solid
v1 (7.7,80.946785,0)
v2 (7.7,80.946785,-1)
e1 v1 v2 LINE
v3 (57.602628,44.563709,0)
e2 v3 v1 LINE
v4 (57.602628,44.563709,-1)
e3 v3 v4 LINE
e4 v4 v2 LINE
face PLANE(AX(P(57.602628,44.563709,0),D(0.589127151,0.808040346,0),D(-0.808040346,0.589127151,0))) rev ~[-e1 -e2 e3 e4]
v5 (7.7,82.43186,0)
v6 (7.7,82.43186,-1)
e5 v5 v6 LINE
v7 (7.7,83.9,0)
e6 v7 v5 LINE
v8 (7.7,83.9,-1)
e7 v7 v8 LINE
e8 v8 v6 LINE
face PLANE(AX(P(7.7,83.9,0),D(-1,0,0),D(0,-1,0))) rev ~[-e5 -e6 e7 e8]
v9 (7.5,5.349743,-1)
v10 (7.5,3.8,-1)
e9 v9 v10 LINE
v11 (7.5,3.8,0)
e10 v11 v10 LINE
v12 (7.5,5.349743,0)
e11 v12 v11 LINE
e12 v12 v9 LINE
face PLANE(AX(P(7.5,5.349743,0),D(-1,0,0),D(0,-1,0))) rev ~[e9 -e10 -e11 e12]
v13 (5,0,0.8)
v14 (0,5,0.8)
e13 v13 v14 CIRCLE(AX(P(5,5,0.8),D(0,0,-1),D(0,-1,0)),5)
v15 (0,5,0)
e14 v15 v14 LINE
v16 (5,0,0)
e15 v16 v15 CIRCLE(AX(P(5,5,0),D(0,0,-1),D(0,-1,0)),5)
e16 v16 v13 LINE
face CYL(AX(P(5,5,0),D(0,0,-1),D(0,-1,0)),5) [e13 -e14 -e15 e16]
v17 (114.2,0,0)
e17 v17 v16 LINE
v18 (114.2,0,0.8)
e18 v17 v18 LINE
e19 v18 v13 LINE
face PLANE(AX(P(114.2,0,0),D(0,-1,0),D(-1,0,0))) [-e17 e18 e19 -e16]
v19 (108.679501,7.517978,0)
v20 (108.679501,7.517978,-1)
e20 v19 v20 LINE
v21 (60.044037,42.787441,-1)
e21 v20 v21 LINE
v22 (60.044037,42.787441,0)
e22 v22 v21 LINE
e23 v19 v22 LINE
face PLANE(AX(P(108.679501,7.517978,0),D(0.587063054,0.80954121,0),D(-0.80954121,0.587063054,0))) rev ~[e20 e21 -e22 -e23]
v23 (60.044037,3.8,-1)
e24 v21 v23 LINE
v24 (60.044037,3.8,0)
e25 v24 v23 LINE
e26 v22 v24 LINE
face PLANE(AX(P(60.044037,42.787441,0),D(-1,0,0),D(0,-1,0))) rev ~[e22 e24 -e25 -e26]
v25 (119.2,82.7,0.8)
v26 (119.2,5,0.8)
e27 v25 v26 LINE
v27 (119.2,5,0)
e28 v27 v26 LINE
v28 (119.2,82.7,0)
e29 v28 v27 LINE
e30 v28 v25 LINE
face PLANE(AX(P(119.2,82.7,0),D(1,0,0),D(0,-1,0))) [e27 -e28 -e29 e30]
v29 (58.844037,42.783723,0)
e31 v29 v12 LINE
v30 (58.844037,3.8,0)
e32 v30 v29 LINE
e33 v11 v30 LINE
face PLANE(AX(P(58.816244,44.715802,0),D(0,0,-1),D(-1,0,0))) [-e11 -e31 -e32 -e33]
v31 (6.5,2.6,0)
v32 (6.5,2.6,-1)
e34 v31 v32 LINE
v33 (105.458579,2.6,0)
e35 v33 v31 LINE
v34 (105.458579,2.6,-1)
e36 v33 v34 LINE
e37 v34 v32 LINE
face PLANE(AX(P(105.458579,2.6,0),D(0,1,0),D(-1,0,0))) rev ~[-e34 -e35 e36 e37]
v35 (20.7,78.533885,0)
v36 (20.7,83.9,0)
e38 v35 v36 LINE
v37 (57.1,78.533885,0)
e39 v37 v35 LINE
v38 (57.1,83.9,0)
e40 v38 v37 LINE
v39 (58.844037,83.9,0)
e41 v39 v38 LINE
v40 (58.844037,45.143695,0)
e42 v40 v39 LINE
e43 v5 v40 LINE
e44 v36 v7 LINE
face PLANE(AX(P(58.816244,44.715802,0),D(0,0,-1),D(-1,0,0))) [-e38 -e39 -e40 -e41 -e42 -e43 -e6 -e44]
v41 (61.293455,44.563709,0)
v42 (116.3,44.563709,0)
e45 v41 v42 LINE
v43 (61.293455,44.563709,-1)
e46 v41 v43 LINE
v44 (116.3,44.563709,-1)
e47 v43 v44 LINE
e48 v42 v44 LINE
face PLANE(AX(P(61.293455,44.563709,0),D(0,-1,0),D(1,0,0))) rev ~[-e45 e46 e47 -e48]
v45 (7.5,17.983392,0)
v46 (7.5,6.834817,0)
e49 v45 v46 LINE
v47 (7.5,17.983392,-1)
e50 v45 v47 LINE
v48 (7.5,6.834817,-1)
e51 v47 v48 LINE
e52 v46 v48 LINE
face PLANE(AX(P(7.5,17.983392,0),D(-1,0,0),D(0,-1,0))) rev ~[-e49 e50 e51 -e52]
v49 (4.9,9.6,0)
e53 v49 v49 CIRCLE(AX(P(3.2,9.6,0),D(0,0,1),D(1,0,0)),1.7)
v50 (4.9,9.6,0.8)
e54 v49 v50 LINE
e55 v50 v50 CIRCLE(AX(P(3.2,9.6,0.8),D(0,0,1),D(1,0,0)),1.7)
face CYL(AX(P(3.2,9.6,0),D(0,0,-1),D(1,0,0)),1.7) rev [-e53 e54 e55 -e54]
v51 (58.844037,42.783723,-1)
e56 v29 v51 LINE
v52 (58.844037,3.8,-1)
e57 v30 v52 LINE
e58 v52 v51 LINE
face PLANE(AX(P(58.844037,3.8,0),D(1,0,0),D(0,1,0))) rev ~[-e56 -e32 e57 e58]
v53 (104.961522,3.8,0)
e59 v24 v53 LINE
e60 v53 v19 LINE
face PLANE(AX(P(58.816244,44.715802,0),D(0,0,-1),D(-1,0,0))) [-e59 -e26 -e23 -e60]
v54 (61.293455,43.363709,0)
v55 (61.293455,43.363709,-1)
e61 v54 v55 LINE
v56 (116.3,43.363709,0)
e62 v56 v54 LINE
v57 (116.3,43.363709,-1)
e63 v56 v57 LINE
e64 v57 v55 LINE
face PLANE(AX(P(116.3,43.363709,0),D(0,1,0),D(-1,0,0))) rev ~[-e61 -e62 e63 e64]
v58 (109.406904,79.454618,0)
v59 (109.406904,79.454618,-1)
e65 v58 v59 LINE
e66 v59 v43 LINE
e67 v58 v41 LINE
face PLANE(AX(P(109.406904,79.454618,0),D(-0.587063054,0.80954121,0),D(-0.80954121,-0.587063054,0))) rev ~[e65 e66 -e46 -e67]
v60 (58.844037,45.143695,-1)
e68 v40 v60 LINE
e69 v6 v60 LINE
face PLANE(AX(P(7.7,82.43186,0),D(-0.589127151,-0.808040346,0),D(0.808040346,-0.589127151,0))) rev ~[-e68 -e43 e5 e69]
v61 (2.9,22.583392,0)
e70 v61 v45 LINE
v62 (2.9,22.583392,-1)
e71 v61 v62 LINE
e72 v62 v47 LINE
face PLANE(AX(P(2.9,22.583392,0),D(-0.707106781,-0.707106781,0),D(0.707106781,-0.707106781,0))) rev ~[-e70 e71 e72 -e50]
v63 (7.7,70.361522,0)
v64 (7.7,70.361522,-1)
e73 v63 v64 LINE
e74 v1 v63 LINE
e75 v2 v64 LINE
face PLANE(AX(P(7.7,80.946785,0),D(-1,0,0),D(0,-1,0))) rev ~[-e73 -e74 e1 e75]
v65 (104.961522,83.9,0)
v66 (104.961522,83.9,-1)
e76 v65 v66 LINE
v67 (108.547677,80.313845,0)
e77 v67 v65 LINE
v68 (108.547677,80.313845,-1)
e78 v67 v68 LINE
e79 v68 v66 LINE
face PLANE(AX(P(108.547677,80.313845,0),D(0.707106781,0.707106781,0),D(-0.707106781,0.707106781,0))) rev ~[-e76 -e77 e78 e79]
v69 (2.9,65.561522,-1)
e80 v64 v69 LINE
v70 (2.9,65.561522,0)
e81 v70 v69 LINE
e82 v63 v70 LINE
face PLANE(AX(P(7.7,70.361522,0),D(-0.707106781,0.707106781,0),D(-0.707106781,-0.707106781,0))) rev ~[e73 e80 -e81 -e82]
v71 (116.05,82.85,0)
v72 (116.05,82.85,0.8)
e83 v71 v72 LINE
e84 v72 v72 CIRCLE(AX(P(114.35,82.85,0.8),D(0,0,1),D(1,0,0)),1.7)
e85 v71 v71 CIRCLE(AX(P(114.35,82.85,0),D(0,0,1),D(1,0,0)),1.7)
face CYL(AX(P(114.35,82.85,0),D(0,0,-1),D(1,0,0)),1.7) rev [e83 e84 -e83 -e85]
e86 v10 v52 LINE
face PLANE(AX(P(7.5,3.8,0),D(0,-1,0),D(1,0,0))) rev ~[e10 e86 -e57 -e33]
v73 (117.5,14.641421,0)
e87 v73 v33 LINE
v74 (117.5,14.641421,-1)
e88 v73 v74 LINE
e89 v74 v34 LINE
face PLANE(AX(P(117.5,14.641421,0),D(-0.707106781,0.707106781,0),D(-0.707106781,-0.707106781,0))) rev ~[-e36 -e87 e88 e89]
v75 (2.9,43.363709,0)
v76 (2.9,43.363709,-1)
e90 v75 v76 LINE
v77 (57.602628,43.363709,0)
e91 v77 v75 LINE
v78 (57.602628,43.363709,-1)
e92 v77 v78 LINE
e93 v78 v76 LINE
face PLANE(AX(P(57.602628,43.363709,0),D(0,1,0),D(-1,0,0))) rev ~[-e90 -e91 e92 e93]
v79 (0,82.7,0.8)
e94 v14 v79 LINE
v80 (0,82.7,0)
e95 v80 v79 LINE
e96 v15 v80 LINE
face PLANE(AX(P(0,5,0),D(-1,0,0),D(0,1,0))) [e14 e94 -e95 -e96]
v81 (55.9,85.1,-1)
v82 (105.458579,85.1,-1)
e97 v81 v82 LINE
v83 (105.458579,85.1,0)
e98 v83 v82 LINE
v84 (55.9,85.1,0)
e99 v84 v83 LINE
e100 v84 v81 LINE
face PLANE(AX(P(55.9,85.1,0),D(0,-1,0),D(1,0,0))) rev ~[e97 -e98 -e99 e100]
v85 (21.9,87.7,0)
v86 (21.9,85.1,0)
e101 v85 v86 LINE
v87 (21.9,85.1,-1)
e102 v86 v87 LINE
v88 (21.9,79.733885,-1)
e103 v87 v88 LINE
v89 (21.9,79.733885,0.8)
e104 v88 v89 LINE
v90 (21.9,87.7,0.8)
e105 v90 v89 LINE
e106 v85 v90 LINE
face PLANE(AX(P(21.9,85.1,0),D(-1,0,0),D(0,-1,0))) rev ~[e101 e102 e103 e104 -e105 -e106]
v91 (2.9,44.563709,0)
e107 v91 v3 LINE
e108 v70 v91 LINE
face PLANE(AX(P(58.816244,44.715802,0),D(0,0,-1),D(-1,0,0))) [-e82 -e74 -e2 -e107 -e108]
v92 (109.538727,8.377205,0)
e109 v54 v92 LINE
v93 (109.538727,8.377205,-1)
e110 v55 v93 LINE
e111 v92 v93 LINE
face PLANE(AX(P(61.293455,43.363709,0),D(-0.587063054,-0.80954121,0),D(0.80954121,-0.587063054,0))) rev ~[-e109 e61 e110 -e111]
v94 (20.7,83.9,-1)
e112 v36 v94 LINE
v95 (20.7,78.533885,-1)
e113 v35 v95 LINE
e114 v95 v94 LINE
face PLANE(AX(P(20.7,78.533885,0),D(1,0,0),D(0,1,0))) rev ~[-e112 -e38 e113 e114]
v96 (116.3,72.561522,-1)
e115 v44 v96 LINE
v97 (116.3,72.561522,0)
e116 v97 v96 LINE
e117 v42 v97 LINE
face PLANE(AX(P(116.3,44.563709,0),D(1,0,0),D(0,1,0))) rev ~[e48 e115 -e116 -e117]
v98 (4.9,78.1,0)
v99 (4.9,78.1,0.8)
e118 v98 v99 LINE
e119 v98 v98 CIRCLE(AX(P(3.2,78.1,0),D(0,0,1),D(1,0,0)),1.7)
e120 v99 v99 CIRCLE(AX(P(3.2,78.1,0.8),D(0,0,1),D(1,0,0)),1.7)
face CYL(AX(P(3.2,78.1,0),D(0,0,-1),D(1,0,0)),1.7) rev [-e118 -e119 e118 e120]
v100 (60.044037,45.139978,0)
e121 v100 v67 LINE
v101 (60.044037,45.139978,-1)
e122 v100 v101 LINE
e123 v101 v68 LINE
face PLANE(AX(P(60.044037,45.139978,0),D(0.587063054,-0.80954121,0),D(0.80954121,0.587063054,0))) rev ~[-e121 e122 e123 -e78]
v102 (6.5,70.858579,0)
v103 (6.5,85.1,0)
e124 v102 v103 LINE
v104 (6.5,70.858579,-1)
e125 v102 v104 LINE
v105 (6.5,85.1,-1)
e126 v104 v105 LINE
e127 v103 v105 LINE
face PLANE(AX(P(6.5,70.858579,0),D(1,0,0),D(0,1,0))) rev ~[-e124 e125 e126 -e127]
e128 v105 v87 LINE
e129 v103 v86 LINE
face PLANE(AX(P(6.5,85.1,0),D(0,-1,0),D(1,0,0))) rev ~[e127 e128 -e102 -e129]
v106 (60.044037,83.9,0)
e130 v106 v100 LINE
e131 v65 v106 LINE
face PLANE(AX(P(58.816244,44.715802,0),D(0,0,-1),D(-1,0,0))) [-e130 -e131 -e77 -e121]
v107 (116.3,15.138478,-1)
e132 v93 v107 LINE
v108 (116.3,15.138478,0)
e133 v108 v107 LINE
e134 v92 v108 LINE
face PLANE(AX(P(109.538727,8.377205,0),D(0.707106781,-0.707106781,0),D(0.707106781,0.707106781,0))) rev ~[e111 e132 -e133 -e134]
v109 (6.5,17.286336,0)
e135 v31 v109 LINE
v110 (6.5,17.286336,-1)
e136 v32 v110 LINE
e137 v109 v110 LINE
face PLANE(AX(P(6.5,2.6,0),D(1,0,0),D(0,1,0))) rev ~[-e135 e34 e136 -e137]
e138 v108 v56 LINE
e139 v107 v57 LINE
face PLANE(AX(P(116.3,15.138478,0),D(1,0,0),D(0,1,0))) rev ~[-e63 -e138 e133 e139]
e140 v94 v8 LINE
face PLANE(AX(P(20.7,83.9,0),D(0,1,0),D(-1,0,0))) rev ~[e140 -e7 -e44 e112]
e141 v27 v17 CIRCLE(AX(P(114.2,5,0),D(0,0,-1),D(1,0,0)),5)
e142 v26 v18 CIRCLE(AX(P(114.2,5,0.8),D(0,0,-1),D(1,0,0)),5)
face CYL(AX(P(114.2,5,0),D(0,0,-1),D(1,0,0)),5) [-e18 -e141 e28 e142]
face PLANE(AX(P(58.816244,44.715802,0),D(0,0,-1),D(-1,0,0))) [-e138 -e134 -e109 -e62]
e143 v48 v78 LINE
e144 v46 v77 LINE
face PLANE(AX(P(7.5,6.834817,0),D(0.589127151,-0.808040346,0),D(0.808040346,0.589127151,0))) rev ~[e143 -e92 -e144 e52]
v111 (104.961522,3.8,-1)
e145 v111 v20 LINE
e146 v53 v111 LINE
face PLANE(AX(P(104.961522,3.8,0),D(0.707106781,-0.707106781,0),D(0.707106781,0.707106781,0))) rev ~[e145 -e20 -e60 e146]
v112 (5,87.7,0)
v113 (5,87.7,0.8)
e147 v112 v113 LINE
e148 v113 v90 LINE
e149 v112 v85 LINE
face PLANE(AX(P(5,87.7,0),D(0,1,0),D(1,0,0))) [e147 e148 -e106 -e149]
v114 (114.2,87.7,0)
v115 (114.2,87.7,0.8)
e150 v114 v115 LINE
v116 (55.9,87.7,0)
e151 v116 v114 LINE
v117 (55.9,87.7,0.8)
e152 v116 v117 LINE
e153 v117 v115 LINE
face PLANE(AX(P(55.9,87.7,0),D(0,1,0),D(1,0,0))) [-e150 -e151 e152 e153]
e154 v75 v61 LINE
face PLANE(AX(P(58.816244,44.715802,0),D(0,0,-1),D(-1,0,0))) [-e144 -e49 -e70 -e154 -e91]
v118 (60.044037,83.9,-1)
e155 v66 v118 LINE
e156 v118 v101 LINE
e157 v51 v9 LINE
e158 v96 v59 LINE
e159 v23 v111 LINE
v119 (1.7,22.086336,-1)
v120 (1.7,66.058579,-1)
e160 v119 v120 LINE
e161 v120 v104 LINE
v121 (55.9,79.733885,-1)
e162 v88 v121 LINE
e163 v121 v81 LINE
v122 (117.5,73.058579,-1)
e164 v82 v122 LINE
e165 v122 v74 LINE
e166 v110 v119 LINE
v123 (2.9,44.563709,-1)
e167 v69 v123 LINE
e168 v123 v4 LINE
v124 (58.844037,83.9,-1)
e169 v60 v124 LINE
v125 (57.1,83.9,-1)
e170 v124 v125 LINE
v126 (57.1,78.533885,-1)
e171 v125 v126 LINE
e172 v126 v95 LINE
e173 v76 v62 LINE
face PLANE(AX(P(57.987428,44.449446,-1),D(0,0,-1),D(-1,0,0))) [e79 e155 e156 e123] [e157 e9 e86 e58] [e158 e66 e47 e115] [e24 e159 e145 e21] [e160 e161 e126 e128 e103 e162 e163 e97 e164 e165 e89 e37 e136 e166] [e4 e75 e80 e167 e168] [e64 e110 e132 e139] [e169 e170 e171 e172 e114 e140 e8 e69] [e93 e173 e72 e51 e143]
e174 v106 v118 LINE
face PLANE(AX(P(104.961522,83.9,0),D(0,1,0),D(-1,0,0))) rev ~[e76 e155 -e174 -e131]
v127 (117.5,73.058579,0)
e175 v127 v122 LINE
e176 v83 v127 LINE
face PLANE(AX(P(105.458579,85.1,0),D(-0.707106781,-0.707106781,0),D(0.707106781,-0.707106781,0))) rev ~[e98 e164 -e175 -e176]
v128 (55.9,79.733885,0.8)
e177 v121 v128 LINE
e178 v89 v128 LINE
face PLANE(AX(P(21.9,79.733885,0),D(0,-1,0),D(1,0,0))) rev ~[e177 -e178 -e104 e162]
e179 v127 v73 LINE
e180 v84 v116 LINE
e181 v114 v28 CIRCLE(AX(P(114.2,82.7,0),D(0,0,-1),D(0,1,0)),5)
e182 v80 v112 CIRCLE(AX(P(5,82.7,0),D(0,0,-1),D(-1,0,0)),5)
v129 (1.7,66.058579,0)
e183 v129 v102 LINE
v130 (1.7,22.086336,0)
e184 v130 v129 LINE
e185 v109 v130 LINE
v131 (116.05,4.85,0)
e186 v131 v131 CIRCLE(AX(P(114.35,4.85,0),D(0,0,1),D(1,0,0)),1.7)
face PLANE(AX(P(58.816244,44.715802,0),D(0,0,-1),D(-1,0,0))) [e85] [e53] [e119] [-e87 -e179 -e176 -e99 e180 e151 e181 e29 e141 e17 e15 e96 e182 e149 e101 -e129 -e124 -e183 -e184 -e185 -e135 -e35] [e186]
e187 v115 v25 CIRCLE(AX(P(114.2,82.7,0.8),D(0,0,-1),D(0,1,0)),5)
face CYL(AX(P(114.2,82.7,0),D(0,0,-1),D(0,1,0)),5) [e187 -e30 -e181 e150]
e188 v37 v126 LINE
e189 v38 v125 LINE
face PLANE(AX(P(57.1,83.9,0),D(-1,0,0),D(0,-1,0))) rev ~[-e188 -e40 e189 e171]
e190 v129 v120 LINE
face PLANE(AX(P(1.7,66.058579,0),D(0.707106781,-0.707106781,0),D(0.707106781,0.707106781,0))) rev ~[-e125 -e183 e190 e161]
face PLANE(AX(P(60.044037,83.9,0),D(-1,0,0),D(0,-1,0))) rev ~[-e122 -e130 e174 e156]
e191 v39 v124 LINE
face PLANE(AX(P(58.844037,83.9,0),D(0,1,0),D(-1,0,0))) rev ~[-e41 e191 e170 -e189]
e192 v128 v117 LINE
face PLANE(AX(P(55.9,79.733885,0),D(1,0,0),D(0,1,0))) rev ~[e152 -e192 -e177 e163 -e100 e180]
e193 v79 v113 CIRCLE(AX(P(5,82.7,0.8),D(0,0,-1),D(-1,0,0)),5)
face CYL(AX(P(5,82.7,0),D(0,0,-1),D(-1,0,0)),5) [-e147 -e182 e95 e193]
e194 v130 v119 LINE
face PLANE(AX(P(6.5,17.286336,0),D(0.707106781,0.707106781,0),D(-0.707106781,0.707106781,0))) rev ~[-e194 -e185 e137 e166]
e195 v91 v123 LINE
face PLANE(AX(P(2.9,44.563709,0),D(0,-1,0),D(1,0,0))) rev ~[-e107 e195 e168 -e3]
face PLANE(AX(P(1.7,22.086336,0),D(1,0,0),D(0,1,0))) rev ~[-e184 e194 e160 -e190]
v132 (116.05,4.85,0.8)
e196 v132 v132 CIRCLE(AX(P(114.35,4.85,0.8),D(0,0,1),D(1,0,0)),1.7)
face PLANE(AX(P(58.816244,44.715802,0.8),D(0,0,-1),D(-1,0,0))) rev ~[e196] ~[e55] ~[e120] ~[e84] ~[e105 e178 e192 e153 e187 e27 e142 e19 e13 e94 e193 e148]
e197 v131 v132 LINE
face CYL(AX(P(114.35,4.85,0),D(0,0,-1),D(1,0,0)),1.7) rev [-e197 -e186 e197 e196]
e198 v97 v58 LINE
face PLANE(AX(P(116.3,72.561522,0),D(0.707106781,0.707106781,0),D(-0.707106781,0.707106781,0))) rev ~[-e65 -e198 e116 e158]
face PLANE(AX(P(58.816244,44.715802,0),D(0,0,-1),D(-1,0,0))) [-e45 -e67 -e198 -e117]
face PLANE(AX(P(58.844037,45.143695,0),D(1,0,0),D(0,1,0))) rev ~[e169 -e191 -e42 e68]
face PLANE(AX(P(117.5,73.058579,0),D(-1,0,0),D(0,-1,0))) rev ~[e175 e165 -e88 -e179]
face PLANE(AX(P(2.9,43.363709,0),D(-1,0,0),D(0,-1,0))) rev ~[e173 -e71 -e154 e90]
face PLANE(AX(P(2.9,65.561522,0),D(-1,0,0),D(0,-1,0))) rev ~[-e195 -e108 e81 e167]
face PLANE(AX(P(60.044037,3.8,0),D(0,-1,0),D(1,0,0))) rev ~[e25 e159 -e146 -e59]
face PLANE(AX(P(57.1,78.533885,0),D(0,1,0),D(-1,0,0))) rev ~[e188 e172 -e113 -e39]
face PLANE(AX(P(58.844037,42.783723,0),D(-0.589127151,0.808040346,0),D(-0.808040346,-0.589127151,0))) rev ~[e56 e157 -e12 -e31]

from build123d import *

# Parameters (mm, degrees)
SKIZZE1_R                       = 1.7
AUFSATZ_LINEAR_AUSTRAGEN1_DEPTH = 0.8
AUFSATZ_LINEAR_AUSTRAGEN2_DEPTH = 1


with BuildPart() as part:
    # Skizze1 → Aufsatz-Linear austragen1 (new body)
    with BuildSketch(Plane.XY):
        with BuildLine():
            Line((0, 5), (0, 82.7))
            ThreePointArc((0, 82.7), (1.464466094, 86.235533906), (5, 87.7))
            Line((5, 87.7), (21.9, 87.7))
            Line((21.9, 87.7), (21.9, 79.73388451))
            Line((21.9, 79.73388451), (55.9, 79.73388451))
            Line((55.9, 79.73388451), (55.9, 87.7))
            Line((55.9, 87.7), (114.2, 87.7))
            ThreePointArc((114.2, 87.7), (117.735533906, 86.235533906), (119.2, 82.7))
            Line((119.2, 82.7), (119.2, 75.8))
            Line((119.2, 75.8), (119.2, 5))
            ThreePointArc((119.2, 5), (117.735533906, 1.464466094), (114.2, 0))
            Line((114.2, 0), (5, 0))
            ThreePointArc((5, 0), (1.464466094, 1.464466094), (0, 5))
        make_face()
        with Locations((3.2, 9.6)):
            Circle(SKIZZE1_R, mode=Mode.SUBTRACT)
        with Locations((3.2, 78.1)):
            Circle(SKIZZE1_R, mode=Mode.SUBTRACT)
        with Locations((114.35, 82.85)):
            Circle(SKIZZE1_R, mode=Mode.SUBTRACT)
        with Locations((114.35, 4.85)):
            Circle(SKIZZE1_R, mode=Mode.SUBTRACT)
    extrude(amount=AUFSATZ_LINEAR_AUSTRAGEN1_DEPTH)

    # Skizze3 → Aufsatz-Linear austragen2 (add)
    with BuildSketch(Plane(origin=(0, 0, 0), x_dir=(-1, 0, 0), z_dir=(0, 0, -1))):
        Polygon((-55.9, 79.73388451), (-55.9, 85.1), (-105.458578644, 85.1), (-117.5, 73.058578644), (-117.5, 14.641421356), (-105.458578644, 2.6), (-6.5, 2.6), (-6.5, 17.286335909), (-1.7, 22.086335909), (-1.7, 66.058578644), (-6.5, 70.858578644), (-6.5, 85.1), (-21.9, 85.1), (-21.9, 79.73388451), align=None)
        Polygon((-58.844037441, 83.9), (-57.1, 83.9), (-57.1, 78.53388451), (-20.7, 78.53388451), (-20.7, 83.9), (-7.7, 83.9), (-7.7, 82.43185957), (-58.844037441, 45.143695389), align=None, mode=Mode.SUBTRACT)
        Polygon((-104.961522369, 83.9), (-60.044037441, 83.9), (-60.044037441, 45.139977904), (-108.547677312, 80.313845057), align=None, mode=Mode.SUBTRACT)
        Polygon((-116.3, 72.561522369), (-109.406904246, 79.454618123), (-61.293455008, 44.563709394), (-116.3, 44.563709394), align=None, mode=Mode.SUBTRACT)
        Polygon((-116.3, 15.138477631), (-116.3, 43.363709394), (-61.293455008, 43.363709394), (-109.538727473, 8.377205104), align=None, mode=Mode.SUBTRACT)
        Polygon((-104.961522369, 3.8), (-108.679500539, 7.51797817), (-60.044037441, 42.787440884), (-60.044037441, 3.8), align=None, mode=Mode.SUBTRACT)
        Polygon((-7.5, 3.8), (-58.844037441, 3.8), (-58.844037441, 42.7837234), (-7.5, 5.349742948), align=None, mode=Mode.SUBTRACT)
        Polygon((-7.5, 17.983392184), (-7.5, 6.834817309), (-57.602628153, 43.363709394), (-2.9, 43.363709394), (-2.9, 22.583392184), align=None, mode=Mode.SUBTRACT)
        Polygon((-2.9, 65.561522369), (-2.9, 44.563709394), (-57.602628153, 44.563709394), (-7.7, 80.946785208), (-7.7, 70.361522369), align=None, mode=Mode.SUBTRACT)
    extrude(amount=AUFSATZ_LINEAR_AUSTRAGEN2_DEPTH)


solid = part.part
